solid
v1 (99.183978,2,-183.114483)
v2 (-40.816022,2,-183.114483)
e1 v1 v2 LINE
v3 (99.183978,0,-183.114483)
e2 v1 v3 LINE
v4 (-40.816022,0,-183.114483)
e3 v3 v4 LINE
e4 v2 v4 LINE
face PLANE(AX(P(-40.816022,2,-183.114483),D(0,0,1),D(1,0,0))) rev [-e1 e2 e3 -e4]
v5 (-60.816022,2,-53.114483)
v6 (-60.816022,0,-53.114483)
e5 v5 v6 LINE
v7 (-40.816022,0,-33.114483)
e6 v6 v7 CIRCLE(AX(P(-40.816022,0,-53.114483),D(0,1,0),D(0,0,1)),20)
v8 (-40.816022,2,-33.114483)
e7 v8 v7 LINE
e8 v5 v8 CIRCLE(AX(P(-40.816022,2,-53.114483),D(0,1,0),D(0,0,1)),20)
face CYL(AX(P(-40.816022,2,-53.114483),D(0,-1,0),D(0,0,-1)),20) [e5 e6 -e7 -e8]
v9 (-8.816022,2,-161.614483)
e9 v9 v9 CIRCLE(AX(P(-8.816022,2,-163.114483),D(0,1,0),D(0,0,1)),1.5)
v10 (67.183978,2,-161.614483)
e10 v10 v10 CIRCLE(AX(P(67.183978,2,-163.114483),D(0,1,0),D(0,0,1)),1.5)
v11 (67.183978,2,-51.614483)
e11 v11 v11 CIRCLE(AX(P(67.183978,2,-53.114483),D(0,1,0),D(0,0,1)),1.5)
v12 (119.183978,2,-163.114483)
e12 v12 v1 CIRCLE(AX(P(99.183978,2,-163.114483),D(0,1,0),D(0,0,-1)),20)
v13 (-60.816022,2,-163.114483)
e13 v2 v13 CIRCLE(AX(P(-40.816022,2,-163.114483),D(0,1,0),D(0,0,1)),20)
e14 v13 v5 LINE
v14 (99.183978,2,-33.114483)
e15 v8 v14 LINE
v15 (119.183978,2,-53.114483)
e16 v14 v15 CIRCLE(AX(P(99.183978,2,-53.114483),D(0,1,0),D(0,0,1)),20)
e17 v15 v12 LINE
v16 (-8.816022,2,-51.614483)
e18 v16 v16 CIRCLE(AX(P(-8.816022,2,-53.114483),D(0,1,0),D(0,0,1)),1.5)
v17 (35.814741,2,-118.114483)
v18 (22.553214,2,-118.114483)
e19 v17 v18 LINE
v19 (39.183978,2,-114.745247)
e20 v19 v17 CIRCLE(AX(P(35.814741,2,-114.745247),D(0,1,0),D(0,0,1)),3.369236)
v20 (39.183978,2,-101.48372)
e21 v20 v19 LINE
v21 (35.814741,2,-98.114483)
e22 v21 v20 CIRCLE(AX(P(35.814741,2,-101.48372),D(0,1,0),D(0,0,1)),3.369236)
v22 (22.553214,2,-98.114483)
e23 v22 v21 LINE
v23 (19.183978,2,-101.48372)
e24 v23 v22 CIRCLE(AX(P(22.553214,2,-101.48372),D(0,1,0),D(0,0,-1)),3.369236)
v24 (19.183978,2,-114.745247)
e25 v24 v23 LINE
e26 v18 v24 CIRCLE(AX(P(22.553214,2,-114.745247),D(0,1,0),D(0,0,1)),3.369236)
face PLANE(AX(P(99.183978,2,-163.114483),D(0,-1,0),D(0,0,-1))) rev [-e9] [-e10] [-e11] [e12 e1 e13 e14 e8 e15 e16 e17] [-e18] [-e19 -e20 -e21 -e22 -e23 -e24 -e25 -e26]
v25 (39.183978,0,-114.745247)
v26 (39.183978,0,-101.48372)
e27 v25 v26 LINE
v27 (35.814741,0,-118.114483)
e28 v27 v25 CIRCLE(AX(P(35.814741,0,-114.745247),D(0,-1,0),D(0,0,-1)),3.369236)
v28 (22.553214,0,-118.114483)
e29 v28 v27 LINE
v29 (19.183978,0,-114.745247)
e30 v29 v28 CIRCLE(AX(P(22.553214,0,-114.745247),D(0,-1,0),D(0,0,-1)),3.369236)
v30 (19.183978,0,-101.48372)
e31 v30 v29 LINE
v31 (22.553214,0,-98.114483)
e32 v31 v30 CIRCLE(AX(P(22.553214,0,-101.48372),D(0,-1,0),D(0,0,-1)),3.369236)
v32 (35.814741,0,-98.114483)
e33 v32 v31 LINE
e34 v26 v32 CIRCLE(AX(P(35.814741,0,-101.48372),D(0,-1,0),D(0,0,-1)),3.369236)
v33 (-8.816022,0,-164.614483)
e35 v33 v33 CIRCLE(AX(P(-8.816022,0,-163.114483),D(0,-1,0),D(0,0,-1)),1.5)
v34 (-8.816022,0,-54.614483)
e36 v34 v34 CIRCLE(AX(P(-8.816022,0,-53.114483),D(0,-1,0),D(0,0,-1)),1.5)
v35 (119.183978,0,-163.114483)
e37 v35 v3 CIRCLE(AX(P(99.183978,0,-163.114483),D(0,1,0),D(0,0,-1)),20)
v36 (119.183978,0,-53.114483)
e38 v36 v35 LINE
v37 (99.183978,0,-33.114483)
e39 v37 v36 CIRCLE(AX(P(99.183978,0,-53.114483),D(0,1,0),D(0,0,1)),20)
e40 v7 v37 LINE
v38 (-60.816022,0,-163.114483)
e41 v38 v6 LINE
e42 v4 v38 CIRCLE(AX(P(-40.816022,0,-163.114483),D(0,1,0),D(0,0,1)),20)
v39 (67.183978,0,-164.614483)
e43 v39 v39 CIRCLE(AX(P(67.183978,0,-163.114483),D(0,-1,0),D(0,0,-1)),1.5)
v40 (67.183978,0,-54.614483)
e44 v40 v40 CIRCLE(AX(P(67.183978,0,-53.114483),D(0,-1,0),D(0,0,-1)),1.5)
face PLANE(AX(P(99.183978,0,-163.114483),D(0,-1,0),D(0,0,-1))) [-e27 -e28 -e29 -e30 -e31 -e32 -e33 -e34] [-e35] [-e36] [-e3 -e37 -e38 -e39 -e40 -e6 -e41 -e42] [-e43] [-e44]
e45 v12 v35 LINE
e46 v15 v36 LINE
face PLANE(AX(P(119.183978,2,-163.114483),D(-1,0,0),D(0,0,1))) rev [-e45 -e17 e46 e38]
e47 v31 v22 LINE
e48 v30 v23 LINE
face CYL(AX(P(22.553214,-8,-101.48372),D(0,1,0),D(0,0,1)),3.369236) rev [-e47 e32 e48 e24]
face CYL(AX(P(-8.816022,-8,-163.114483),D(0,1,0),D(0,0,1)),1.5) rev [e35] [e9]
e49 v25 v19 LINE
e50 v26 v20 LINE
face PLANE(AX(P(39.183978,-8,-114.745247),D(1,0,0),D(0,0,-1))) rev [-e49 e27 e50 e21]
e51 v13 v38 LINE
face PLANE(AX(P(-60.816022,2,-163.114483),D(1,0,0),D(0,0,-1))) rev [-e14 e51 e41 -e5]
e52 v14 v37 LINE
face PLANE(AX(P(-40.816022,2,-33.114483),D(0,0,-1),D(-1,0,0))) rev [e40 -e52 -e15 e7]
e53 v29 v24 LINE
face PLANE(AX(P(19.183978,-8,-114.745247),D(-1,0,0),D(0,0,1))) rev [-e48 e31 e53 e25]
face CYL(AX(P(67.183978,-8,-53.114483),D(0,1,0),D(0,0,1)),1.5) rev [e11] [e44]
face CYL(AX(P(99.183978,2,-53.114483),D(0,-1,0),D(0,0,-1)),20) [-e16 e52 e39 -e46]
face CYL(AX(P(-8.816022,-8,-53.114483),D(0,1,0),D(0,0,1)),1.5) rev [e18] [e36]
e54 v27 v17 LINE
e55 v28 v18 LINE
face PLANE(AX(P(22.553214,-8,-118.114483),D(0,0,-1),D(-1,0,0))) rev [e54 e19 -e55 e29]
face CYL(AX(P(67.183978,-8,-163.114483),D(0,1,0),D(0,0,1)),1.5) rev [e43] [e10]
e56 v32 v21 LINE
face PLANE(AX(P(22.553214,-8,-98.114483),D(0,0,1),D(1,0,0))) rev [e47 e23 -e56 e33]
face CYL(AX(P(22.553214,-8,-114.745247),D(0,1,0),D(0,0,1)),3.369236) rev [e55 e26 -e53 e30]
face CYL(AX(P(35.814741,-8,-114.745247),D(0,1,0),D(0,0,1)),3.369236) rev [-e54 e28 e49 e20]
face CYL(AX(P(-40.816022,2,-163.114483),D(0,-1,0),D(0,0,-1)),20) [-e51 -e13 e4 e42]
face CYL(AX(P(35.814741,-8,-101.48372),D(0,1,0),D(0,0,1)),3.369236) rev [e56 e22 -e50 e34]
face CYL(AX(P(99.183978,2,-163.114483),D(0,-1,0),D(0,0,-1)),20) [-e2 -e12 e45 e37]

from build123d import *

# Parameters (mm, degrees)
RESSALTO_EXTRUS_O1_DEPTH = 2
ESBO_O2_R                = 1.5
CORTE_EXTRUS_O1_DEPTH    = 10
CORTE_EXTRUS_O2_DEPTH    = 10


with BuildPart() as part:
    # Esboço1 → Ressalto-extrusão1 (new body)
    with BuildSketch(Plane(origin=(0, 0, 0), x_dir=(1, 0, 0), z_dir=(0, 1, 0))):
        with BuildLine():
            Line((-40.816022398, 183.1144834), (99.183977602, 183.1144834))
            ThreePointArc((99.183977602, 183.1144834), (113.326113225, 177.256619024), (119.183977602, 163.1144834))
            Line((119.183977602, 163.1144834), (119.183977602, 53.1144834))
            ThreePointArc((119.183977602, 53.1144834), (113.326113225, 38.972347776), (99.183977602, 33.1144834))
            Line((99.183977602, 33.1144834), (-40.816022398, 33.1144834))
            ThreePointArc((-40.816022398, 33.1144834), (-54.958158022, 38.972347776), (-60.816022398, 53.1144834))
            Line((-60.816022398, 53.1144834), (-60.816022398, 163.1144834))
            ThreePointArc((-60.816022398, 163.1144834), (-54.958158022, 177.256619024), (-40.816022398, 183.1144834))
        make_face()
    extrude(amount=RESSALTO_EXTRUS_O1_DEPTH)

    # Esboço2 → Corte-extrusão1 (cut)
    with BuildSketch(Plane(origin=(0, 2, 0), x_dir=(1, 0, 0), z_dir=(0, 1, 0))):
        with Locations(Location((-8.816022398, 163.1144834, 0), (0, 0, 270))):
            Circle(ESBO_O2_R)
        with Locations(Location((67.183977602, 163.1144834, 0), (0, 0, 270))):
            Circle(ESBO_O2_R)
        with Locations(Location((67.183977602, 53.1144834, 0), (0, 0, 270))):
            Circle(ESBO_O2_R)
        with Locations(Location((-8.816022398, 53.1144834, 0), (0, 0, 270))):
            Circle(ESBO_O2_R)
    extrude(amount=-CORTE_EXTRUS_O1_DEPTH, mode=Mode.SUBTRACT)

    # Esboço3 → Corte-extrusão2 (cut)
    with BuildSketch(Plane(origin=(0, 2, 0), x_dir=(1, 0, 0), z_dir=(0, 1, 0))):
        with BuildLine():
            Line((22.553213858, 118.1144834), (35.814741345, 118.1144834))
            ThreePointArc((35.814741345, 118.1144834), (38.19715115, 117.127656948), (39.183977602, 114.745247144))
            Line((39.183977602, 114.745247144), (39.183977602, 101.483719656))
            ThreePointArc((39.183977602, 101.483719656), (38.19715115, 99.101309852), (35.814741345, 98.1144834))
            Line((35.814741345, 98.1144834), (22.553213858, 98.1144834))
            ThreePointArc((22.553213858, 98.1144834), (20.170804054, 99.101309852), (19.183977602, 101.483719656))
            Line((19.183977602, 101.483719656), (19.183977602, 114.745247144))
            ThreePointArc((19.183977602, 114.745247144), (20.170804054, 117.127656948), (22.553213858, 118.1144834))
        make_face()
    extrude(amount=-CORTE_EXTRUS_O2_DEPTH, mode=Mode.SUBTRACT)


solid = part.part
